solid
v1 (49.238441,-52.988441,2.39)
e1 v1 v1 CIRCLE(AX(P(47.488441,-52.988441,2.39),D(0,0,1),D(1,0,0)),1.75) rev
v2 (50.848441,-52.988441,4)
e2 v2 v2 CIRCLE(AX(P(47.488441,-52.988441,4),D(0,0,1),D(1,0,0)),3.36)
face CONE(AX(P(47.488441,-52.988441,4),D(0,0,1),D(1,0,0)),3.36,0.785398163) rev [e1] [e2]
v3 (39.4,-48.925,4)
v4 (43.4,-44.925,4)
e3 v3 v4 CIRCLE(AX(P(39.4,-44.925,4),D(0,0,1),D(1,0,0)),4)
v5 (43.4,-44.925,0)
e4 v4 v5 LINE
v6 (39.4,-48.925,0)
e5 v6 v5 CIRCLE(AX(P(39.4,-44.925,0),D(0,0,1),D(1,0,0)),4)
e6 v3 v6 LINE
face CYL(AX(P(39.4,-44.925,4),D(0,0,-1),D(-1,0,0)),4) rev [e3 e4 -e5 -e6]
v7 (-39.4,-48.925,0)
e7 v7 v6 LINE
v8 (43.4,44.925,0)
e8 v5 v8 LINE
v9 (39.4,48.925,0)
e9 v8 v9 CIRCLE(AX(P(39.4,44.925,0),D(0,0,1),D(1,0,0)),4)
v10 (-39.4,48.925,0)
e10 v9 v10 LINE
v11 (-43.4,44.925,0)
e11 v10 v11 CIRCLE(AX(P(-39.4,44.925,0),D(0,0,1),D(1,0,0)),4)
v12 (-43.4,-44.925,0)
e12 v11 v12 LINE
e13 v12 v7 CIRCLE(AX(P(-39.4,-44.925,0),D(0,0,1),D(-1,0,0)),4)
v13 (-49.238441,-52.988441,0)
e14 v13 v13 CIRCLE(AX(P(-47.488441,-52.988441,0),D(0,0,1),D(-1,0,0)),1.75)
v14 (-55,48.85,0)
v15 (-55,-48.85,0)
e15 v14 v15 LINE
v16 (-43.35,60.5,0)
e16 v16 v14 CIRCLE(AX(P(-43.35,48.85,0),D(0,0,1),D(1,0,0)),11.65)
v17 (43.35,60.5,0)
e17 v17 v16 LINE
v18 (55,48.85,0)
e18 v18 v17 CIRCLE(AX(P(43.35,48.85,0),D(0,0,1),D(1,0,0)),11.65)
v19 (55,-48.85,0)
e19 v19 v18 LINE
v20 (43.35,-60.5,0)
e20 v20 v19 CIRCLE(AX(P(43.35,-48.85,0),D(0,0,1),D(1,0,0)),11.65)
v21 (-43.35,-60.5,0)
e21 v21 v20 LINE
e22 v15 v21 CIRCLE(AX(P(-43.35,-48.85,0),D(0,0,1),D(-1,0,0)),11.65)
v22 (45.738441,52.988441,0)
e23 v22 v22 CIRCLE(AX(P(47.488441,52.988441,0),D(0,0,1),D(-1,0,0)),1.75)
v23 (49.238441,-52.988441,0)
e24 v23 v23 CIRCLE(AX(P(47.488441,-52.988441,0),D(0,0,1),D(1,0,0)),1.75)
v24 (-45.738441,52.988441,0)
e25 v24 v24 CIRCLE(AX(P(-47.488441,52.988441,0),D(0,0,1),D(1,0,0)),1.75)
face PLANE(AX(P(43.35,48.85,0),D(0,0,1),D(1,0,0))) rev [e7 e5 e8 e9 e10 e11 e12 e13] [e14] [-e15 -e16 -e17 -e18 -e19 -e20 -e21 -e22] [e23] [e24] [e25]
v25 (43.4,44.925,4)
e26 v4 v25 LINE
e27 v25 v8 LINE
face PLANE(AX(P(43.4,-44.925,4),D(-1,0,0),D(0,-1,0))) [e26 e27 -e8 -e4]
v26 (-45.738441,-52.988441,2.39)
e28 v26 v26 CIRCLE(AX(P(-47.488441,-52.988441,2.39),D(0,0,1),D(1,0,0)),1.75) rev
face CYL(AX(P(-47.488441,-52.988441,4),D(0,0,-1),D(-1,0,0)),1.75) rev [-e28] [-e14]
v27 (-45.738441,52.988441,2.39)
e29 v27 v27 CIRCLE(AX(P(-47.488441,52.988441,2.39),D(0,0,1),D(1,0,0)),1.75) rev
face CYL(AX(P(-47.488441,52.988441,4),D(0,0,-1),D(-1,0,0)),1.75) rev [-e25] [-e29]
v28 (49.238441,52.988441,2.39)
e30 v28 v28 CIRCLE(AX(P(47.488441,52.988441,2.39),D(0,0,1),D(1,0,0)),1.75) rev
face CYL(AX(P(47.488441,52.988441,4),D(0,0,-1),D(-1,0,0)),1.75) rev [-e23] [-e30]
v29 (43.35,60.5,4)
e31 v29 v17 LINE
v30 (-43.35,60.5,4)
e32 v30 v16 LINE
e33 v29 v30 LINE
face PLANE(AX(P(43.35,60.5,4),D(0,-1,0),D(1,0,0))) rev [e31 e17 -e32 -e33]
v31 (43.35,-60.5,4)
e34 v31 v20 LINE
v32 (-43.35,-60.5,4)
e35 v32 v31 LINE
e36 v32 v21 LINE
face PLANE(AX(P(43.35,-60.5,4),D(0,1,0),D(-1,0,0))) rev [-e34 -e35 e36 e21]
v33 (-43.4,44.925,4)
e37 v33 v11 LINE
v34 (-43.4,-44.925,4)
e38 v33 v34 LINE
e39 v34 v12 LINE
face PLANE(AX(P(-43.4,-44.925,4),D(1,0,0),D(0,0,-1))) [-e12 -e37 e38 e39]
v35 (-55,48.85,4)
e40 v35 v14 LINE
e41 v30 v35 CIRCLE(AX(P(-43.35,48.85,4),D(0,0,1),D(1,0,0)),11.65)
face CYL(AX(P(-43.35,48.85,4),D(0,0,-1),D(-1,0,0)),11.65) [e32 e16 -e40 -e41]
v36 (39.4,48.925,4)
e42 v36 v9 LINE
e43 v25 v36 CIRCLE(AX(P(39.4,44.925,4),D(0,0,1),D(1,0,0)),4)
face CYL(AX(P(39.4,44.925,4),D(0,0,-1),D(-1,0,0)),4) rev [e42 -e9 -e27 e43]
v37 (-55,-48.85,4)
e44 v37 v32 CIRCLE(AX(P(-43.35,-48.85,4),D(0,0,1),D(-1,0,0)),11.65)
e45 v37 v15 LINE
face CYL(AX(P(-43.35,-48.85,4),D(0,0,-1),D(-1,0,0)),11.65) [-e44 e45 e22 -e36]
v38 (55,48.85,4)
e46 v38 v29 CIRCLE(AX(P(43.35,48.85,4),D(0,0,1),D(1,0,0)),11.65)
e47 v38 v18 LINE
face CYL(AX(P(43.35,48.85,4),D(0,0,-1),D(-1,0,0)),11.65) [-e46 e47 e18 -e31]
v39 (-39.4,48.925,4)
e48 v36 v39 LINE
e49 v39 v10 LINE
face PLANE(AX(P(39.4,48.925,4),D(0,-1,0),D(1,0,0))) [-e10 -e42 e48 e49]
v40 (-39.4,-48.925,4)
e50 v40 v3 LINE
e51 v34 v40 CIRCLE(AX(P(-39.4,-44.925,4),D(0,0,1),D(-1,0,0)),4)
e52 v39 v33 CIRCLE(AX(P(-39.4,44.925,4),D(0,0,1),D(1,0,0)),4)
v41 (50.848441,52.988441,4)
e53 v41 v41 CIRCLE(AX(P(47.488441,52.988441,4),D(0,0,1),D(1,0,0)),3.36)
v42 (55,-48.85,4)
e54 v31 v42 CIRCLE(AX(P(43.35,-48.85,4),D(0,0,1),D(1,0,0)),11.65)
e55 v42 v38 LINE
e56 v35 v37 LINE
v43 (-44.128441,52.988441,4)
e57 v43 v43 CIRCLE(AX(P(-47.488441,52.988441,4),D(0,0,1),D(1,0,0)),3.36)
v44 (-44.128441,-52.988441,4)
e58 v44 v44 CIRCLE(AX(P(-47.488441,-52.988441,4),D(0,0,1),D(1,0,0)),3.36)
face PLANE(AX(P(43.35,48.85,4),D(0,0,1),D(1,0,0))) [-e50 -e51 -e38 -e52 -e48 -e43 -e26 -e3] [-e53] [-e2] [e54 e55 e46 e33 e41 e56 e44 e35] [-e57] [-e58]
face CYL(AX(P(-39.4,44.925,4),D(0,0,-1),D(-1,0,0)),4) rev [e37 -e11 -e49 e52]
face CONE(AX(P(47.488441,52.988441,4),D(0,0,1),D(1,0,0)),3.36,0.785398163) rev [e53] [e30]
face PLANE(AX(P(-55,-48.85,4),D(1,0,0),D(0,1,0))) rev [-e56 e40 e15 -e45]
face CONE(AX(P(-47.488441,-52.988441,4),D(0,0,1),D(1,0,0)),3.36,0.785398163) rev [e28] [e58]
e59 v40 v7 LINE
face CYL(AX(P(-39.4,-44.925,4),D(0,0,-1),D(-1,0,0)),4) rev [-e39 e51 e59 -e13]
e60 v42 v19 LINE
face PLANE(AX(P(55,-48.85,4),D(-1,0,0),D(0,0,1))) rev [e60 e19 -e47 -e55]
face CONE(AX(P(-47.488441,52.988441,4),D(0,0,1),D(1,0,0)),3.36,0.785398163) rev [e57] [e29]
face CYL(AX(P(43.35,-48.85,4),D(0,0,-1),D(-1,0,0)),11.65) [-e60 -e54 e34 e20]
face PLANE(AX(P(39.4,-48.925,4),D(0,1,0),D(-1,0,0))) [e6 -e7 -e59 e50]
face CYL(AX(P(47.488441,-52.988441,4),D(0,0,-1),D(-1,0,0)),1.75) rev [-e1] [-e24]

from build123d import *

# Parameters (mm, degrees)
SKETCH1_R                                            = 1.75
BOSS_EXTRUDE1_DEPTH                                  = 4
CSK_FOR_M3_HEX_SOCKET_COUNTERSUNK_CAP_SC_D           = 3.4
CSK_FOR_M3_HEX_SOCKET_COUNTERSUNK_CAP_SC_CSINK_D     = 6.72
CSK_FOR_M3_HEX_SOCKET_COUNTERSUNK_CAP_SC_CSINK_ANGLE = 90


with BuildPart() as part:
    # Sketch1 → Boss-Extrude1 (new body)
    with BuildSketch(Plane.XY):
        with BuildLine():
            Line((43.35, -60.5), (-43.35, -60.5))
            ThreePointArc((-43.35, -60.5), (-51.587794001, -57.087794001), (-55, -48.85))
            Line((-55, -48.85), (-55, 48.85))
            ThreePointArc((-55, 48.85), (-51.587794001, 57.087794001), (-43.35, 60.5))
            Line((-43.35, 60.5), (43.35, 60.5))
            ThreePointArc((43.35, 60.5), (51.587794001, 57.087794001), (55, 48.85))
            Line((55, 48.85), (55, -48.85))
            ThreePointArc((55, -48.85), (51.587794001, -57.087794001), (43.35, -60.5))
        make_face()
        with Locations((-47.488440649, 52.988440649)):
            Circle(SKETCH1_R, mode=Mode.SUBTRACT)
        with Locations(Location((47.488440649, 52.988440649, 0), (0, 0, 180))):
            Circle(SKETCH1_R, mode=Mode.SUBTRACT)
        with Locations((47.488440649, -52.988440649)):
            Circle(SKETCH1_R, mode=Mode.SUBTRACT)
        with Locations(Location((-47.488440649, -52.988440649, 0), (0, 0, 180))):
            Circle(SKETCH1_R, mode=Mode.SUBTRACT)
        with BuildLine():
            Line((39.4, -48.925), (-39.4, -48.925))
            ThreePointArc((-39.4, -48.925), (-42.228427125, -47.753427125), (-43.4, -44.925))
            Line((-43.4, -44.925), (-43.4, 44.925))
            ThreePointArc((-43.4, 44.925), (-42.228427125, 47.753427125), (-39.4, 48.925))
            Line((-39.4, 48.925), (39.4, 48.925))
            ThreePointArc((39.4, 48.925), (42.228427125, 47.753427125), (43.4, 44.925))
            Line((43.4, 44.925), (43.4, -44.925))
            ThreePointArc((43.4, -44.925), (42.228427125, -47.753427125), (39.4, -48.925))
        make_face(mode=Mode.SUBTRACT)
    extrude(amount=BOSS_EXTRUDE1_DEPTH)

    # CSK for M3 Hex Socket Countersunk Cap Screw1 (through all)
    with Locations(Plane.XY.offset(4)):
        with Locations((-47.488440649, -52.988440649), (47.488440649, -52.988440649), (47.488440649, 52.988440649), (-47.488440649, 52.988440649)):
            CounterSinkHole(CSK_FOR_M3_HEX_SOCKET_COUNTERSUNK_CAP_SC_D / 2, CSK_FOR_M3_HEX_SOCKET_COUNTERSUNK_CAP_SC_CSINK_D / 2, counter_sink_angle=CSK_FOR_M3_HEX_SOCKET_COUNTERSUNK_CAP_SC_CSINK_ANGLE)


solid = part.part
